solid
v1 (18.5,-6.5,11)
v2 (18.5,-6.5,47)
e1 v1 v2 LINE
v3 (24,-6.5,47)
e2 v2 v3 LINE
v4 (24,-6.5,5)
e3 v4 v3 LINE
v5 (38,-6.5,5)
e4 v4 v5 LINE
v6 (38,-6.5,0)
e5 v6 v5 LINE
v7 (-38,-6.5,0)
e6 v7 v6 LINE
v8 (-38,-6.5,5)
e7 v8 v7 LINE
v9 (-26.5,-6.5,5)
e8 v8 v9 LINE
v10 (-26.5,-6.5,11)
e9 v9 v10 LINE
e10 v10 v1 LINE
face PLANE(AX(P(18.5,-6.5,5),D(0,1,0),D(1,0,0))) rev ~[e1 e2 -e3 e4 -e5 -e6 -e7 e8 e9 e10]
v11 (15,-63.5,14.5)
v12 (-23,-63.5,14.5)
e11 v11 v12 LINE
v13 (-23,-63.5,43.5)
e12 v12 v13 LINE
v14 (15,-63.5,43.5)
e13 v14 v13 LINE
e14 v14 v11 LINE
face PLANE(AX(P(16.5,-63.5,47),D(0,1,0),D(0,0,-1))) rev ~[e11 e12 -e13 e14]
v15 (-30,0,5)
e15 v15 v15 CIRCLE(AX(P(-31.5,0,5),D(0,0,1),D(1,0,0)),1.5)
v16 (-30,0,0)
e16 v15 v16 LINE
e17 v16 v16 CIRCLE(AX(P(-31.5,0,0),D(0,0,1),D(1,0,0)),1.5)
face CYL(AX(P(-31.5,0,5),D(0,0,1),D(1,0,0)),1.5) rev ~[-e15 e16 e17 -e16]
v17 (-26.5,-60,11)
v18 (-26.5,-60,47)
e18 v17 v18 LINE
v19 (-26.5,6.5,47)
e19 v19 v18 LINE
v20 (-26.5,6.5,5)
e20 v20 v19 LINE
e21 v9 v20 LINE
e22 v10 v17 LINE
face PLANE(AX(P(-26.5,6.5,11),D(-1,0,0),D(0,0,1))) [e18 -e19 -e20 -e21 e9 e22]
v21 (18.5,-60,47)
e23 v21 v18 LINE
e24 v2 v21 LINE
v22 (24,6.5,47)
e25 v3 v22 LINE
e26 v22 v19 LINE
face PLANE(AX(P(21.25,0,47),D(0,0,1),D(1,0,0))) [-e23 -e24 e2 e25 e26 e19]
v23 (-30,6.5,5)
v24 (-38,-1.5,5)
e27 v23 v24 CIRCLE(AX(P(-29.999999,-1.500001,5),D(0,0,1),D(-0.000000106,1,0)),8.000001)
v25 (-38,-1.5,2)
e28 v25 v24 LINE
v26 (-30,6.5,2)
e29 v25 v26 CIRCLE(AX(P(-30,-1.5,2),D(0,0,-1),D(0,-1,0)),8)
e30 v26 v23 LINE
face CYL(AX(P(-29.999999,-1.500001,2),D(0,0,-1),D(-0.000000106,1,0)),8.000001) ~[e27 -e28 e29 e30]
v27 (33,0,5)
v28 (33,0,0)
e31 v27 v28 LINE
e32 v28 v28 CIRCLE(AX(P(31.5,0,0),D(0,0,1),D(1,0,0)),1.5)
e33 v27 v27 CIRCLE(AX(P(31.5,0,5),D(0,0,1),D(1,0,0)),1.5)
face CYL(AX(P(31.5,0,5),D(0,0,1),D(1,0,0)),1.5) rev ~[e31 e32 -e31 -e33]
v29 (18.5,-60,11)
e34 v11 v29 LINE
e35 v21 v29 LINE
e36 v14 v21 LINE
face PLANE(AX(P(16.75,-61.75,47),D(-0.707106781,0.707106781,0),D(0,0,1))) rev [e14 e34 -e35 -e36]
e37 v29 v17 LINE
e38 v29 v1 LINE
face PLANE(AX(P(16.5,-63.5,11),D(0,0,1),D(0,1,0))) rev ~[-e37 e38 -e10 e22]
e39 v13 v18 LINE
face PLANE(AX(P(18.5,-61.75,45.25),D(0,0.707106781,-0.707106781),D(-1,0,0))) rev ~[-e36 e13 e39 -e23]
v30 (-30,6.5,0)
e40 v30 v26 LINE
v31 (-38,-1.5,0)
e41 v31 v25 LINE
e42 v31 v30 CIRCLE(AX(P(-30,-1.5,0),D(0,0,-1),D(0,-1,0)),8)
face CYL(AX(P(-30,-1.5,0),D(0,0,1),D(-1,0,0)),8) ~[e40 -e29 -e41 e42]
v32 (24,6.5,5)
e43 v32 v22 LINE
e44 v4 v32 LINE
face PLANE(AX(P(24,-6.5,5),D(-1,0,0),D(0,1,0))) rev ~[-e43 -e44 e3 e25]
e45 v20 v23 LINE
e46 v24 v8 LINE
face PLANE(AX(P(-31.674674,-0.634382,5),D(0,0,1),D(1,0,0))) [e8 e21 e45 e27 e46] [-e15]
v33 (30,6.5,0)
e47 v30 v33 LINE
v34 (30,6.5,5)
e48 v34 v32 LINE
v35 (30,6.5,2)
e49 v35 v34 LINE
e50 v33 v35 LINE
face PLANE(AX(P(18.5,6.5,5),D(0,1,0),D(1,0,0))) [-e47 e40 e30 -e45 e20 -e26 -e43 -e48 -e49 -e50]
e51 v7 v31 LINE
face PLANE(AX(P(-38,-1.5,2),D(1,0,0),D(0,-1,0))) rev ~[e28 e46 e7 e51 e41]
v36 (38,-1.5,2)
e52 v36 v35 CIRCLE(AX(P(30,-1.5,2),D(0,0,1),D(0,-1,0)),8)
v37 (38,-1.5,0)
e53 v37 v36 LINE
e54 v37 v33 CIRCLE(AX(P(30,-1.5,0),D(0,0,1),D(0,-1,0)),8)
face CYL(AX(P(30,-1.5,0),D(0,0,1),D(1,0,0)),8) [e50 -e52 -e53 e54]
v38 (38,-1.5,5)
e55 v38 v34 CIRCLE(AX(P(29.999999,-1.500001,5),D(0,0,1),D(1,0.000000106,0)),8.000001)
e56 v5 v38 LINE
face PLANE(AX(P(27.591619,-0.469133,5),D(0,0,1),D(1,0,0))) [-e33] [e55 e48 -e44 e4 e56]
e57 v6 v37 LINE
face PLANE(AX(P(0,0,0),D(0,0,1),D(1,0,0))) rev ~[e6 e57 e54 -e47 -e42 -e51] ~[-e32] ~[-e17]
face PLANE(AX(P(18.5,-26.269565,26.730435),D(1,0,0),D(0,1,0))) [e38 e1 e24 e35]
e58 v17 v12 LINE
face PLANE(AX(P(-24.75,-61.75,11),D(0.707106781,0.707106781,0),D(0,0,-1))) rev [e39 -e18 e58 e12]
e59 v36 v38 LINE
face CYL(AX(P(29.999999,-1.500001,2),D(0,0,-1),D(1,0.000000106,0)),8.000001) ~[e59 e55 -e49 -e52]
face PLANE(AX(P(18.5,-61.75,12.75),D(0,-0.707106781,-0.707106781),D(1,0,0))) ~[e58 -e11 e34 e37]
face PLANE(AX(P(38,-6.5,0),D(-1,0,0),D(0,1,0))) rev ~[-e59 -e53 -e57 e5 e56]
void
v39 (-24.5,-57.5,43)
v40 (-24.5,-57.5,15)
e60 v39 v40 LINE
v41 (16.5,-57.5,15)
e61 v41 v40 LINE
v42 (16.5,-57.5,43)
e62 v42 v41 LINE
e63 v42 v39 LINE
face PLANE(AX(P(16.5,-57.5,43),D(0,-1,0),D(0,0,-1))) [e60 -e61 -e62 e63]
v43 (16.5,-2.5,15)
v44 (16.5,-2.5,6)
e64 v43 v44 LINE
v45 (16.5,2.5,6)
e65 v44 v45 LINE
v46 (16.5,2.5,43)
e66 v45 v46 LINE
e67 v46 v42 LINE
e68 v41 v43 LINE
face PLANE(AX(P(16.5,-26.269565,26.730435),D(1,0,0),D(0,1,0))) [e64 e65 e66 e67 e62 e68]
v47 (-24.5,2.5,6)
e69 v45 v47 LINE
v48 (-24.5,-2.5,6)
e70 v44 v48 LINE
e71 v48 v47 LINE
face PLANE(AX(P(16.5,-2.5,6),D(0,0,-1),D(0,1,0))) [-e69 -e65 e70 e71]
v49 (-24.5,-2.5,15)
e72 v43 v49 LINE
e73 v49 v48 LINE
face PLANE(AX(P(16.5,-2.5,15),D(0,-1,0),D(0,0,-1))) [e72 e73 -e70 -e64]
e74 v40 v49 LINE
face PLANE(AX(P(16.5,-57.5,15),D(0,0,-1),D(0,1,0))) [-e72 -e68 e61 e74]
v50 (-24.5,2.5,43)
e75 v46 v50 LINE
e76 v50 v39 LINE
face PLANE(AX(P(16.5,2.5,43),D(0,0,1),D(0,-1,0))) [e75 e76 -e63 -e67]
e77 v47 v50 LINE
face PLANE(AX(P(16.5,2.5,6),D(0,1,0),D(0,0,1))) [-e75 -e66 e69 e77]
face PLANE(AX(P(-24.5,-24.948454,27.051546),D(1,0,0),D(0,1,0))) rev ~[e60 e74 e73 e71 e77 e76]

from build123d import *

# Parameters (mm, degrees)
F0_W      = 76
F0_H      = 13
F1_DEPTH  = 2
F2_R      = 8
F3_W      = 43
F3_H      = 13
F4_DEPTH  = 9
F5_W      = 43
F5_H      = 36
F6_DEPTH  = 70
F8_DEPTH  = 41
F10_DEPTH = 2
F12_DEPTH = 3
F13_R     = 1.5
F14_DEPTH = 25
F15_W     = 5.5
F15_H     = 13
F16_DEPTH = 42
F17_SIZE  = 3.5


with BuildPart() as f1:
    # F0 (on Top) → F1 (new body)
    with BuildSketch(Plane.XY):
        Rectangle(F0_W, F0_H)
    extrude(amount=F1_DEPTH)

    # F2
    f2_edges = [f1.edges().sort_by_distance(p)[0] for p in [
        (-38, 6.5, 1),
        (38, 6.5, 1),
    ]]
    fillet(f2_edges, radius=F2_R)

    # F3 (on face) → F4 (join)
    with BuildSketch(Plane.XY.offset(2)):
        with Locations((-5, 0)):
            Rectangle(F3_W, F3_H)
    extrude(amount=F4_DEPTH)

    # F5 (on face) → F6 (join)
    with BuildSketch(Plane(origin=(0, 6.5, 0), x_dir=(-1, 0, 0), z_dir=(0, 1, 0))):
        with Locations((5, 29)):
            Rectangle(F5_W, F5_H)
    extrude(amount=-F6_DEPTH)

    # F7 (on face) → F8 (cut)
    with BuildSketch(Plane.YZ.offset(16.5)):
        Polygon((-57.5, 15), (-2.5, 15), (-2.5, 6), (2.5, 6), (2.5, 43), (-57.5, 43), align=None)
    extrude(amount=-F8_DEPTH, mode=Mode.SUBTRACT)

    # F9 (on face) → F10 (join)
    with BuildSketch(Plane.YZ.offset(16.5)):
        Polygon((-63.5, 11), (-6.5, 11), (-6.5, 2), (6.5, 2), (6.5, 47), (-63.5, 47), align=None)
    extrude(amount=F10_DEPTH)

    # F11 (on face) → F12 (join)
    with BuildSketch(Plane.XY.offset(2)):
        with BuildLine():
            Line((-38, -6.5), (-26.5, -6.5))
            Line((-26.5, -6.5), (-26.5, 6.5))
            Line((-26.5, 6.5), (-30, 6.5))
            ThreePointArc((-30, 6.5), (-35.656854, 4.156854), (-38, -1.5))
            Line((-38, -1.5), (-38, -6.5))
        make_face()
        with BuildLine():
            ThreePointArc((38, -1.5), (35.656854, 4.156854), (30, 6.5))
            Line((30, 6.5), (18.5, 6.5))
            Line((18.5, 6.5), (18.5, -6.5))
            Line((18.5, -6.5), (38, -6.5))
            Line((38, -6.5), (38, -1.5))
        make_face()
    extrude(amount=F12_DEPTH)

    # F13 (on face) → F14 (cut)
    with BuildSketch(Plane.XY.offset(5)):
        with Locations((-31.5, 0)):
            Circle(F13_R)
        with Locations((31.5, 0)):
            Circle(F13_R)
    extrude(amount=-F14_DEPTH, mode=Mode.SUBTRACT)

    # F15 (on face) → F16 (join)
    with BuildSketch(Plane.XY.offset(5)):
        with Locations((21.25, 0)):
            Rectangle(F15_W, F15_H)
    extrude(amount=F16_DEPTH)

    # F17
    f17_edges = [f1.edges().sort_by_distance(p)[0] for p in [
        (18.5, -63.5, 29),
        (-4, -63.5, 47),
        (-4, -63.5, 11),
        (-26.5, -63.5, 29),
    ]]
    chamfer(f17_edges, length=F17_SIZE)


solid = f1.part
